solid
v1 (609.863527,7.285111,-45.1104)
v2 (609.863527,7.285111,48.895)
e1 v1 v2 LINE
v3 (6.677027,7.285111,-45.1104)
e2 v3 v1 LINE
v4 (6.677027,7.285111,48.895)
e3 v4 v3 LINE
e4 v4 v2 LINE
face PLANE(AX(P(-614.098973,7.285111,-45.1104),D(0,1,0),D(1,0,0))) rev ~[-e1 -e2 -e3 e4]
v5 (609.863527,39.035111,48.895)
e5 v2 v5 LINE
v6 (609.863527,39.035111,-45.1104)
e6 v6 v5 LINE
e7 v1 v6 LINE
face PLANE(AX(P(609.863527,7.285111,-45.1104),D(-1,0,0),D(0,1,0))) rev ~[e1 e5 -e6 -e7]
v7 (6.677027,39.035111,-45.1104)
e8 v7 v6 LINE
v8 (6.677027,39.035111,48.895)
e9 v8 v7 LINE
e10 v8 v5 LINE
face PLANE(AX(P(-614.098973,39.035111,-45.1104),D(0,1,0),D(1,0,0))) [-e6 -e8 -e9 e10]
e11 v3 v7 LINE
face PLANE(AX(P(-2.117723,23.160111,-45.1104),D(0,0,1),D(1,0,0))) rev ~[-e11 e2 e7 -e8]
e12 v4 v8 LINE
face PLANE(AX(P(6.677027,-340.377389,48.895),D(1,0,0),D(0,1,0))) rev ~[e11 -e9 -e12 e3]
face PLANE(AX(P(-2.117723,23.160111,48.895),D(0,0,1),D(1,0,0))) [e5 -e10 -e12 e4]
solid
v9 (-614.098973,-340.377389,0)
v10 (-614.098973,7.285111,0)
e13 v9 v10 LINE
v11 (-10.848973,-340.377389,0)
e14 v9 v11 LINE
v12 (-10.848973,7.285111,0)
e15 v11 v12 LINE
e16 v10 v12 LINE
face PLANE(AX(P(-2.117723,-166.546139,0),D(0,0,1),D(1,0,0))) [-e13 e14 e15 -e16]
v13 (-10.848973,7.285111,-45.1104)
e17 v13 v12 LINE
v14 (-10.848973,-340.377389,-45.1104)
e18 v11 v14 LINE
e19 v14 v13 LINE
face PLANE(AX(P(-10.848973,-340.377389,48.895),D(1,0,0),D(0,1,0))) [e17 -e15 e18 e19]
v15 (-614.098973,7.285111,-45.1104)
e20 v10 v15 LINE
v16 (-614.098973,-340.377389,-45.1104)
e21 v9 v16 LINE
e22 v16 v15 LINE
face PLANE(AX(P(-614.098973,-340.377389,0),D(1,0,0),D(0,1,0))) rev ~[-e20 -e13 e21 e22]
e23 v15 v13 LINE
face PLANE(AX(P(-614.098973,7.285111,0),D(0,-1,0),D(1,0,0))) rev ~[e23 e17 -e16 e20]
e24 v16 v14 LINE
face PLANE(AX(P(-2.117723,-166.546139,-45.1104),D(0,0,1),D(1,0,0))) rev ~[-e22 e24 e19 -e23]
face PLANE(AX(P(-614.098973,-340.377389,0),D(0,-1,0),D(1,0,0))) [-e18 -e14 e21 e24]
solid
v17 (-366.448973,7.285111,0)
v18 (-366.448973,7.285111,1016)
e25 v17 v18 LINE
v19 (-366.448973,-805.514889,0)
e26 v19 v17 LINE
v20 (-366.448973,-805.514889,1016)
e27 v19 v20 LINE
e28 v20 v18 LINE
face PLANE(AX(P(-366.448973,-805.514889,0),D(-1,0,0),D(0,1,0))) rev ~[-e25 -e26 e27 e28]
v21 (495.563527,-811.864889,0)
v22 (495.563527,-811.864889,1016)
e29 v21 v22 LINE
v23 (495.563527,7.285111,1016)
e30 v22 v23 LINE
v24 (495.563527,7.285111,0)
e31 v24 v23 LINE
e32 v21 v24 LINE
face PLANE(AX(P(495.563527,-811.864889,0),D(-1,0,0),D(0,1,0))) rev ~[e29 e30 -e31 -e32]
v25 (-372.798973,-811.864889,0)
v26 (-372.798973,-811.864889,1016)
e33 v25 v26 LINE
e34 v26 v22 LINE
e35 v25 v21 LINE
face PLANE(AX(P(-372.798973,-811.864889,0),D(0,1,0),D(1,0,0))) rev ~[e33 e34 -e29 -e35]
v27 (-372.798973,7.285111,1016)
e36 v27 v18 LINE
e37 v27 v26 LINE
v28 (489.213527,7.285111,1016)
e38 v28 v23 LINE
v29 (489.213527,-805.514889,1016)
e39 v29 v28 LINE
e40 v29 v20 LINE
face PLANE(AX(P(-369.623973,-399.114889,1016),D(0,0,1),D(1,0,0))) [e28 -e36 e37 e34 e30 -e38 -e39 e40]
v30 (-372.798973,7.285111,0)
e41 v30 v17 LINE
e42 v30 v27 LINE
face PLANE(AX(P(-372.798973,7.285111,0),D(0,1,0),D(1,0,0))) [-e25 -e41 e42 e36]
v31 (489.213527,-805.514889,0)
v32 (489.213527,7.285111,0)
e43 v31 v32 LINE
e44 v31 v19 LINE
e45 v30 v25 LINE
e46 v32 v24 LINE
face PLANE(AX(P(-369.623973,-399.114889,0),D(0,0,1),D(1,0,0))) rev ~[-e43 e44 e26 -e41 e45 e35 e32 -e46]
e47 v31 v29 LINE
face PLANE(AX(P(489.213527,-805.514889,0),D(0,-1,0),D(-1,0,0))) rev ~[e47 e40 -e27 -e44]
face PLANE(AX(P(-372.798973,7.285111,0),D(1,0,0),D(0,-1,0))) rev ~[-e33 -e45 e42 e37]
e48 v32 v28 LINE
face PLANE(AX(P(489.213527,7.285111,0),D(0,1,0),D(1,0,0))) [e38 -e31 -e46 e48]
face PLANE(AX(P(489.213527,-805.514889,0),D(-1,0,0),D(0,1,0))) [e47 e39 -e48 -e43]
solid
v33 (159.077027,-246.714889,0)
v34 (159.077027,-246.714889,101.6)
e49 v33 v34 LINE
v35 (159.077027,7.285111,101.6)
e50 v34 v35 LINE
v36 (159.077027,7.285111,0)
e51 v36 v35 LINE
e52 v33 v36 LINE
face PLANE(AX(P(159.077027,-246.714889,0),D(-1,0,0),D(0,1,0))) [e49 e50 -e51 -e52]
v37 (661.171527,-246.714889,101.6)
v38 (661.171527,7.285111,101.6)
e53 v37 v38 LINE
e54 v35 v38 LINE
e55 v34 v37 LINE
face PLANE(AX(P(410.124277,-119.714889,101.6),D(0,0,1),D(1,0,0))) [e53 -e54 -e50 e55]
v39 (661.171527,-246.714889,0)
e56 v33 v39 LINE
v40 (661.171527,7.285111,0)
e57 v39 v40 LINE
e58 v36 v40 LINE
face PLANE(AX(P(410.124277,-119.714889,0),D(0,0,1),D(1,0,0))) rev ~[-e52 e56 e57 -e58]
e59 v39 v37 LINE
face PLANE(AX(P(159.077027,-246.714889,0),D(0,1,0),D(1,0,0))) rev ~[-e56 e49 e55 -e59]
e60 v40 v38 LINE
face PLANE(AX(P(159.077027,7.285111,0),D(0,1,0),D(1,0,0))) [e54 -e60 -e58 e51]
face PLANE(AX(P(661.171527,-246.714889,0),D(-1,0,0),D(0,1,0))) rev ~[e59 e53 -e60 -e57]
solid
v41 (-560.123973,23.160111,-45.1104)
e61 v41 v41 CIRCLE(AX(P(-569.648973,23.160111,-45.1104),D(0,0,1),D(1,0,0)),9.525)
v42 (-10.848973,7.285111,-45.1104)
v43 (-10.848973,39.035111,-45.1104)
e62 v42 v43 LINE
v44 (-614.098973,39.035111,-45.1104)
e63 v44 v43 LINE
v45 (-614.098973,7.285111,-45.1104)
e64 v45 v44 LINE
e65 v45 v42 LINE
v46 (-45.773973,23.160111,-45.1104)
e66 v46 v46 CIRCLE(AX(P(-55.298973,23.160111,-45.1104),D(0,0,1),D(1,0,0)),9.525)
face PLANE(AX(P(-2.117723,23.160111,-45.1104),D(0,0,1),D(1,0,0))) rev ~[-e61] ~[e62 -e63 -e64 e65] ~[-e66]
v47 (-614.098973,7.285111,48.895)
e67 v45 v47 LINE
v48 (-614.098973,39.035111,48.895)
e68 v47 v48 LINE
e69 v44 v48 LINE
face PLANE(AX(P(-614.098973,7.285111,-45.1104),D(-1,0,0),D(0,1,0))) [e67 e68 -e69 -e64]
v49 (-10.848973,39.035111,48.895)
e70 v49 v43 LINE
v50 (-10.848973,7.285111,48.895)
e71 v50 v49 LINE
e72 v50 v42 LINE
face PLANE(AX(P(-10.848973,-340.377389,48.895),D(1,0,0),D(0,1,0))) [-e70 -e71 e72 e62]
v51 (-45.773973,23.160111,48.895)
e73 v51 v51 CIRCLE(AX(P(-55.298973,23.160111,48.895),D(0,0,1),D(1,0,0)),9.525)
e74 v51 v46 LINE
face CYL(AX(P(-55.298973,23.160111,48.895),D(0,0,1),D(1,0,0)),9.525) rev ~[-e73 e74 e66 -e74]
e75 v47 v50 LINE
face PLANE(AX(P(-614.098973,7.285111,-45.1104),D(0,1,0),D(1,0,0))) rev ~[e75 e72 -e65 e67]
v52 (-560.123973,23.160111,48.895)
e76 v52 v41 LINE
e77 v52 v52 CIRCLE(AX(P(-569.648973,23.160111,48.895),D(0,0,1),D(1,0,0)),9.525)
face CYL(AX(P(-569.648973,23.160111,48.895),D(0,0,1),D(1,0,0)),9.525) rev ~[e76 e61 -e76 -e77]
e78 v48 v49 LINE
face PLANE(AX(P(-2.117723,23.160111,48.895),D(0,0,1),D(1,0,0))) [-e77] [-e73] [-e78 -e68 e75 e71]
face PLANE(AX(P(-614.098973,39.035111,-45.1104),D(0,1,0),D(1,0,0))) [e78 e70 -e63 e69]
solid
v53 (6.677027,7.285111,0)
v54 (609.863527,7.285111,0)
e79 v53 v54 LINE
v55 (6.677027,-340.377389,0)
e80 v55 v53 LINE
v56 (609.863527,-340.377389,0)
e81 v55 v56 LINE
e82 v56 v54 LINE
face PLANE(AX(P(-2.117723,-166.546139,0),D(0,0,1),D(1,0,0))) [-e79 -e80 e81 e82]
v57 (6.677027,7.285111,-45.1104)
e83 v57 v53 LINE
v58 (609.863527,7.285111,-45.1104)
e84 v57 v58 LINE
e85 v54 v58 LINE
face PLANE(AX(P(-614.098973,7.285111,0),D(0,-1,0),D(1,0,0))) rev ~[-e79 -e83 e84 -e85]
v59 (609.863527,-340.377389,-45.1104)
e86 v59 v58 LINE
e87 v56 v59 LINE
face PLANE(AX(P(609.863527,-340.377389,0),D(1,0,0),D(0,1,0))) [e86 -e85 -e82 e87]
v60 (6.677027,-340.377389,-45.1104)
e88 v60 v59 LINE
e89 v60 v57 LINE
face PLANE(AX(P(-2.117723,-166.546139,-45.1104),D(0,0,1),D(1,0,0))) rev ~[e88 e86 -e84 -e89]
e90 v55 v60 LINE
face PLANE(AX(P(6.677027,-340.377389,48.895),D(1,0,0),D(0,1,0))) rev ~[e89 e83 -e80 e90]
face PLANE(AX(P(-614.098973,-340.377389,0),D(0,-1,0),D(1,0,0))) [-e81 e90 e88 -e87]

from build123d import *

# Parameters (mm, degrees)
F0_W      = 1223.9625
F0_H      = 347.6625
F1_DEPTH  = 45.1104
F3_W      = 1223.9625
F3_H      = 31.75
F4_DEPTH  = 94.0054
F5_W      = 17.526
F5_H      = 379.4125
F6_DEPTH  = 94.0064
F7_W      = 6.35
F7_H      = 812.8
F7_H_2    = 6.35
F7_W_2    = 855.6625
F8_DEPTH  = 1016
F9_W      = 502.0945
F9_H      = 254
F10_DEPTH = 101.6
F11_R     = 9.525
F12_DEPTH = 94.0064


with BuildPart() as f1:
    # F0 (on Top) → F1 (new body)
    with BuildSketch(Plane.XY):
        with Locations((-2.1177232265, -166.5461386074)):
            Rectangle(F0_W, F0_H)
    extrude(amount=-F1_DEPTH)


with BuildPart() as f4:
    # F3 (on offset) → F4 (new body)
    with BuildSketch(Plane.XY.offset(-45.1104)):
        with Locations((-2.1177232265, 23.1601113926)):
            Rectangle(F3_W, F3_H)
    extrude(amount=F4_DEPTH)


with BuildPart() as f6_tool:
    # F5 (on face) → F6 (new body, through all)
    with BuildSketch(Plane.XY.offset(48.895)):
        with Locations((-2.0859732265, -150.6711386074)):
            Rectangle(F5_W, F5_H)
    extrude(amount=-F6_DEPTH)


with BuildPart() as f1_1:
    add(f1.part)

    # F6: cut by f6_tool
    add(f6_tool.part, mode=Mode.SUBTRACT)


with BuildPart() as f4_1:
    add(f4.part)

    # F6: cut by f6_tool
    add(f6_tool.part, mode=Mode.SUBTRACT)

    # F11 (on face) → F12 (cut, through all)
    with BuildSketch(Plane.XY.offset(48.895)):
        with Locations((-569.6489732265, 23.1601113926)):
            Circle(F11_R)
        with Locations((-55.2989732265, 23.1601113926)):
            Circle(F11_R)
    extrude(amount=-F12_DEPTH, mode=Mode.SUBTRACT)


with BuildPart() as f8:
    # F7 (on face) → F8 (new body)
    with BuildSketch(Plane.XY):
        with Locations((-369.6239732265, -399.1148886074)):
            Rectangle(F7_W, F7_H)
        with Locations((-369.6239732265, -808.6898886074)):
            Rectangle(F7_W, F7_H_2)
        with Locations((61.3822767735, -808.6898886074)):
            Rectangle(F7_W_2, F7_H_2)
        with Locations((492.3885267735, -808.6898886074)):
            Rectangle(F7_W, F7_H_2)
        with Locations((492.3885267735, -399.1148886074)):
            Rectangle(F7_W, F7_H)
    extrude(amount=F8_DEPTH)


with BuildPart() as f10:
    # F9 (on face) → F10 (new body)
    with BuildSketch(Plane.XY):
        with Locations((410.1242767735, -119.7148886074)):
            Rectangle(F9_W, F9_H)
    extrude(amount=F10_DEPTH)


solid = Compound([f1_1.part, f4_1.part, f8.part, f10.part])
